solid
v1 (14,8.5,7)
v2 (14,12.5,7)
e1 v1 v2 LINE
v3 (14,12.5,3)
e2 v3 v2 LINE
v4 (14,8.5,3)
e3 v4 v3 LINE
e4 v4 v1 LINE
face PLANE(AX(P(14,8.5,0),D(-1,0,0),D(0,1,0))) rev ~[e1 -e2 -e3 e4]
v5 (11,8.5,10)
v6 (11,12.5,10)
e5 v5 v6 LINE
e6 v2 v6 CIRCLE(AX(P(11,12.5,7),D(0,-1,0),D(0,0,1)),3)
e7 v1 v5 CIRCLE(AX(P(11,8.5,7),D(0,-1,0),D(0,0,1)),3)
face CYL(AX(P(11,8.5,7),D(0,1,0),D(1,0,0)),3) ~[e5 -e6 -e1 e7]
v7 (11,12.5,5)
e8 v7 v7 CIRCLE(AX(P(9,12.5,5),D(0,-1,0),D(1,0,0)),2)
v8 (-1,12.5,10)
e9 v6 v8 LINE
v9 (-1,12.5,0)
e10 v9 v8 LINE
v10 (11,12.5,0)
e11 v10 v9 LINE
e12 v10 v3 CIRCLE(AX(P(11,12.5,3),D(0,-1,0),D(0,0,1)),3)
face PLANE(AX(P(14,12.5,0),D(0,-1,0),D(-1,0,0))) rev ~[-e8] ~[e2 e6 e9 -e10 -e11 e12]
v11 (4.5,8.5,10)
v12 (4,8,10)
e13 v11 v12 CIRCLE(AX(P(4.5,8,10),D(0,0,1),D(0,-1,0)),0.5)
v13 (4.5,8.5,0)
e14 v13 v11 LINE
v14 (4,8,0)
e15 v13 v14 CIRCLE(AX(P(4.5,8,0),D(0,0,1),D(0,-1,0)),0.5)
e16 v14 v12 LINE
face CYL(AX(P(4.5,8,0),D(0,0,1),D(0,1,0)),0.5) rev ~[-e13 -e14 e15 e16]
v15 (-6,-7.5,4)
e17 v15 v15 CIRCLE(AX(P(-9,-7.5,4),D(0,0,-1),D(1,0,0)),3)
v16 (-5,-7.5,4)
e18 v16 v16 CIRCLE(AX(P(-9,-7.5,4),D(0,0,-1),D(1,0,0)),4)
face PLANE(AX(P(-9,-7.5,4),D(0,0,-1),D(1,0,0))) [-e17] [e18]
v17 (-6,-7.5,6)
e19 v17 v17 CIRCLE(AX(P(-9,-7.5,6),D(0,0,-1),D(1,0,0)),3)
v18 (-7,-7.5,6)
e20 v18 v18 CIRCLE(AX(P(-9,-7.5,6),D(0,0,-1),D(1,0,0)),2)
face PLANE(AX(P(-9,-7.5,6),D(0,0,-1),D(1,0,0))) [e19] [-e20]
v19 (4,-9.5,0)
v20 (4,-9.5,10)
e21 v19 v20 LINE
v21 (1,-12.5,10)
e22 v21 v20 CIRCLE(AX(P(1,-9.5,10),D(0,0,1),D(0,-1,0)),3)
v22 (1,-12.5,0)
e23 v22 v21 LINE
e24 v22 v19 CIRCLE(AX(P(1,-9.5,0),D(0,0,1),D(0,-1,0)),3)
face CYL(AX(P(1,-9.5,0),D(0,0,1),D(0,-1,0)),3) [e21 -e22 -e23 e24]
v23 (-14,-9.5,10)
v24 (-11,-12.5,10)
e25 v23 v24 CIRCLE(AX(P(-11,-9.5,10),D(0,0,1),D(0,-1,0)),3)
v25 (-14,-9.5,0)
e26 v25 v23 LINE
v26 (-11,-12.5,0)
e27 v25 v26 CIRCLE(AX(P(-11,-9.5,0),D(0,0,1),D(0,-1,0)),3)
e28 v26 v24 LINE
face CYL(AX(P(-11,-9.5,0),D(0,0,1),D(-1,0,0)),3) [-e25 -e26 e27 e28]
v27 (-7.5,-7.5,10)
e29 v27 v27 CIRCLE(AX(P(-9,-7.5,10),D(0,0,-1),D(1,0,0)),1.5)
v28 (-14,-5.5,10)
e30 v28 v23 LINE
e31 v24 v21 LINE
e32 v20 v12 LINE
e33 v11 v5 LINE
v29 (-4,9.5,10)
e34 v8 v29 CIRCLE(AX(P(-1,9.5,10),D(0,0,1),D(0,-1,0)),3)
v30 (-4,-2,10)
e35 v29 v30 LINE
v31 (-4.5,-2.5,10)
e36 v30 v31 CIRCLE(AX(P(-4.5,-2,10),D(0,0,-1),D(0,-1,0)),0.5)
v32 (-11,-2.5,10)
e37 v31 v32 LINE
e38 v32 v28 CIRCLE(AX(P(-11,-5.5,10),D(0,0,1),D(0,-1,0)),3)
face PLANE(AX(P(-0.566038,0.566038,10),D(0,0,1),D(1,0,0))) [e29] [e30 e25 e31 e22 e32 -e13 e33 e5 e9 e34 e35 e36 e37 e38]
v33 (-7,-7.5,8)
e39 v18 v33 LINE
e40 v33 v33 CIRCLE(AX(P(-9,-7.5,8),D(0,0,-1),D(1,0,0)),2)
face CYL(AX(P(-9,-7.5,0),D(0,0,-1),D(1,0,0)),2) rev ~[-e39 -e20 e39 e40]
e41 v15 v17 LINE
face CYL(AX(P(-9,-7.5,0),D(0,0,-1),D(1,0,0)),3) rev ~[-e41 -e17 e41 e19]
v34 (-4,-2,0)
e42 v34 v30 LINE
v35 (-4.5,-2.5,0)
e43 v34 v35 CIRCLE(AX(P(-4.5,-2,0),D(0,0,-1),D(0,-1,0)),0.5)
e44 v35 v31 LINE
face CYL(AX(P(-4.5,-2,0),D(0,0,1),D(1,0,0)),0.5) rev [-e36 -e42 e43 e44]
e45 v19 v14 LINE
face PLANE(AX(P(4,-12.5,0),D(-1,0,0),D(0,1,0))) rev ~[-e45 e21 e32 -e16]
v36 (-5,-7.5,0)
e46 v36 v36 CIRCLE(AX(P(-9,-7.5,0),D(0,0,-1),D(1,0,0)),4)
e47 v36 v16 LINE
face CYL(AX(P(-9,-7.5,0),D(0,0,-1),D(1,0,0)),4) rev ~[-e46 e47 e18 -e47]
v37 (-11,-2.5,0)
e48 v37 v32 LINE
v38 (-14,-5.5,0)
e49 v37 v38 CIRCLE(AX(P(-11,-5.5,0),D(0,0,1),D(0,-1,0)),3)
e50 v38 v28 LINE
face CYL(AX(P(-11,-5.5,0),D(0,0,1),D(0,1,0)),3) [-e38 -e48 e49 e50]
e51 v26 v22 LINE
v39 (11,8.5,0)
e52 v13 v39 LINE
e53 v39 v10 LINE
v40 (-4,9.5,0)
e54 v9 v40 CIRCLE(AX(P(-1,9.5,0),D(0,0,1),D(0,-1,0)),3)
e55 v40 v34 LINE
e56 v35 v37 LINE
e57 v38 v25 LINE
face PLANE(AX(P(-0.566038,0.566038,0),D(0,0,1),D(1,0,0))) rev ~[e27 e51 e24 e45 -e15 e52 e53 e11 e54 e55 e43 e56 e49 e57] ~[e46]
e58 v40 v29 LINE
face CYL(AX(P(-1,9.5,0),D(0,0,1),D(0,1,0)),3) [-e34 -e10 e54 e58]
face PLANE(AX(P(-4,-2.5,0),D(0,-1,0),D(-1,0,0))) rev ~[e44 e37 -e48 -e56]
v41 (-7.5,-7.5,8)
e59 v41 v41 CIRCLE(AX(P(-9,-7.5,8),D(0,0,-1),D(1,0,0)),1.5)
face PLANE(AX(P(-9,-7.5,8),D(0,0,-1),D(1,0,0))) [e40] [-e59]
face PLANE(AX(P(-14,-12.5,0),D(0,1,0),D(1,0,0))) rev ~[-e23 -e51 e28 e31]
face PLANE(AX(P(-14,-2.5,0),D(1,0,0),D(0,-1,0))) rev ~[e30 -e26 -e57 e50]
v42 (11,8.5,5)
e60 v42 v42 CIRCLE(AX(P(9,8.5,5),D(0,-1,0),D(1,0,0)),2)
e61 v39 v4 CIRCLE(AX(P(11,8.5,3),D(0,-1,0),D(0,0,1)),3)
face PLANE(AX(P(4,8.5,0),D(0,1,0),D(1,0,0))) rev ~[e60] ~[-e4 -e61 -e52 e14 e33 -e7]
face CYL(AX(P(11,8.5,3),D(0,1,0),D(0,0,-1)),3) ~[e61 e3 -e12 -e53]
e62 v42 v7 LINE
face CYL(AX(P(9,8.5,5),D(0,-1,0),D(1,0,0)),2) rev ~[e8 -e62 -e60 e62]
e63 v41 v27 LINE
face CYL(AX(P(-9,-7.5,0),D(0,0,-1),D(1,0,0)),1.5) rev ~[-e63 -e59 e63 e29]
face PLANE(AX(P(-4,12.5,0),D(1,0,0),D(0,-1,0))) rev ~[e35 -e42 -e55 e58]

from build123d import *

# Parameters (mm, degrees)
F1_DEPTH  = 10
F2_R      = 3
F3_R      = 1.5
F4_DEPTH  = 10.001
F5_R      = 2
F6_DEPTH  = 8
F7_R      = 3
F8_DEPTH  = 6
F9_R      = 4
F10_DEPTH = 4
F11_R     = 3
F12_R     = 2
F13_DEPTH = 4.001
F14_R     = 3
F15_R     = 0.5


with BuildPart() as f1:
    # F0 (on Top) → F1 (new body)
    with BuildSketch(Plane.XY):
        Polygon((14, 12.5), (4, 12.5), (-4, 12.5), (-4, -2.5), (-14, -2.5), (-14, -12.5), (-4, -12.5), (4, -12.5), (4, 8.5), (14, 8.5), align=None)
    extrude(amount=F1_DEPTH)

    # F2
    f2_edges = [f1.edges().sort_by_distance(p)[0] for p in [
        (-4, 12.5, 5),
        (4, -12.5, 5),
    ]]
    fillet(f2_edges, radius=F2_R)

    # F3 (on face) → F4 (cut, through all)
    with BuildSketch(Plane(origin=(0, 0, 0), x_dir=(1, 0, 0), z_dir=(0, 0, -1))):
        with Locations((-9, 7.5)):
            Circle(F3_R)
    extrude(amount=-F4_DEPTH, mode=Mode.SUBTRACT)

    # F5 (on face) → F6 (cut)
    with BuildSketch(Plane(origin=(0, 0, 0), x_dir=(1, 0, 0), z_dir=(0, 0, -1))):
        with Locations((-9, 7.5)):
            Circle(F5_R)
    extrude(amount=-F6_DEPTH, mode=Mode.SUBTRACT)

    # F7 (on face) → F8 (cut)
    with BuildSketch(Plane(origin=(0, 0, 0), x_dir=(1, 0, 0), z_dir=(0, 0, -1))):
        with Locations((-9, 7.5)):
            Circle(F7_R)
    extrude(amount=-F8_DEPTH, mode=Mode.SUBTRACT)

    # F9 (on face) → F10 (cut)
    with BuildSketch(Plane(origin=(0, 0, 0), x_dir=(1, 0, 0), z_dir=(0, 0, -1))):
        with Locations((-9, 7.5)):
            Circle(F9_R)
    extrude(amount=-F10_DEPTH, mode=Mode.SUBTRACT)

    # F11
    f11_edges = [f1.edges().sort_by_distance(p)[0] for p in [
        (-14, -2.5, 5),
        (-14, -12.5, 5),
    ]]
    fillet(f11_edges, radius=F11_R)

    # F12 (on face) → F13 (cut, through all)
    with BuildSketch(Plane.XZ.offset(-8.5)):
        with Locations((9, 5)):
            Circle(F12_R)
    extrude(amount=-F13_DEPTH, mode=Mode.SUBTRACT)

    # F14
    f14_edges = [f1.edges().sort_by_distance(p)[0] for p in [
        (14, 10.5, 0),
        (14, 10.5, 10),
    ]]
    fillet(f14_edges, radius=F14_R)

    # F15
    f15_edges = [f1.edges().sort_by_distance(p)[0] for p in [
        (4, 8.5, 5),
        (-4, -2.5, 5),
    ]]
    fillet(f15_edges, radius=F15_R)


solid = f1.part
